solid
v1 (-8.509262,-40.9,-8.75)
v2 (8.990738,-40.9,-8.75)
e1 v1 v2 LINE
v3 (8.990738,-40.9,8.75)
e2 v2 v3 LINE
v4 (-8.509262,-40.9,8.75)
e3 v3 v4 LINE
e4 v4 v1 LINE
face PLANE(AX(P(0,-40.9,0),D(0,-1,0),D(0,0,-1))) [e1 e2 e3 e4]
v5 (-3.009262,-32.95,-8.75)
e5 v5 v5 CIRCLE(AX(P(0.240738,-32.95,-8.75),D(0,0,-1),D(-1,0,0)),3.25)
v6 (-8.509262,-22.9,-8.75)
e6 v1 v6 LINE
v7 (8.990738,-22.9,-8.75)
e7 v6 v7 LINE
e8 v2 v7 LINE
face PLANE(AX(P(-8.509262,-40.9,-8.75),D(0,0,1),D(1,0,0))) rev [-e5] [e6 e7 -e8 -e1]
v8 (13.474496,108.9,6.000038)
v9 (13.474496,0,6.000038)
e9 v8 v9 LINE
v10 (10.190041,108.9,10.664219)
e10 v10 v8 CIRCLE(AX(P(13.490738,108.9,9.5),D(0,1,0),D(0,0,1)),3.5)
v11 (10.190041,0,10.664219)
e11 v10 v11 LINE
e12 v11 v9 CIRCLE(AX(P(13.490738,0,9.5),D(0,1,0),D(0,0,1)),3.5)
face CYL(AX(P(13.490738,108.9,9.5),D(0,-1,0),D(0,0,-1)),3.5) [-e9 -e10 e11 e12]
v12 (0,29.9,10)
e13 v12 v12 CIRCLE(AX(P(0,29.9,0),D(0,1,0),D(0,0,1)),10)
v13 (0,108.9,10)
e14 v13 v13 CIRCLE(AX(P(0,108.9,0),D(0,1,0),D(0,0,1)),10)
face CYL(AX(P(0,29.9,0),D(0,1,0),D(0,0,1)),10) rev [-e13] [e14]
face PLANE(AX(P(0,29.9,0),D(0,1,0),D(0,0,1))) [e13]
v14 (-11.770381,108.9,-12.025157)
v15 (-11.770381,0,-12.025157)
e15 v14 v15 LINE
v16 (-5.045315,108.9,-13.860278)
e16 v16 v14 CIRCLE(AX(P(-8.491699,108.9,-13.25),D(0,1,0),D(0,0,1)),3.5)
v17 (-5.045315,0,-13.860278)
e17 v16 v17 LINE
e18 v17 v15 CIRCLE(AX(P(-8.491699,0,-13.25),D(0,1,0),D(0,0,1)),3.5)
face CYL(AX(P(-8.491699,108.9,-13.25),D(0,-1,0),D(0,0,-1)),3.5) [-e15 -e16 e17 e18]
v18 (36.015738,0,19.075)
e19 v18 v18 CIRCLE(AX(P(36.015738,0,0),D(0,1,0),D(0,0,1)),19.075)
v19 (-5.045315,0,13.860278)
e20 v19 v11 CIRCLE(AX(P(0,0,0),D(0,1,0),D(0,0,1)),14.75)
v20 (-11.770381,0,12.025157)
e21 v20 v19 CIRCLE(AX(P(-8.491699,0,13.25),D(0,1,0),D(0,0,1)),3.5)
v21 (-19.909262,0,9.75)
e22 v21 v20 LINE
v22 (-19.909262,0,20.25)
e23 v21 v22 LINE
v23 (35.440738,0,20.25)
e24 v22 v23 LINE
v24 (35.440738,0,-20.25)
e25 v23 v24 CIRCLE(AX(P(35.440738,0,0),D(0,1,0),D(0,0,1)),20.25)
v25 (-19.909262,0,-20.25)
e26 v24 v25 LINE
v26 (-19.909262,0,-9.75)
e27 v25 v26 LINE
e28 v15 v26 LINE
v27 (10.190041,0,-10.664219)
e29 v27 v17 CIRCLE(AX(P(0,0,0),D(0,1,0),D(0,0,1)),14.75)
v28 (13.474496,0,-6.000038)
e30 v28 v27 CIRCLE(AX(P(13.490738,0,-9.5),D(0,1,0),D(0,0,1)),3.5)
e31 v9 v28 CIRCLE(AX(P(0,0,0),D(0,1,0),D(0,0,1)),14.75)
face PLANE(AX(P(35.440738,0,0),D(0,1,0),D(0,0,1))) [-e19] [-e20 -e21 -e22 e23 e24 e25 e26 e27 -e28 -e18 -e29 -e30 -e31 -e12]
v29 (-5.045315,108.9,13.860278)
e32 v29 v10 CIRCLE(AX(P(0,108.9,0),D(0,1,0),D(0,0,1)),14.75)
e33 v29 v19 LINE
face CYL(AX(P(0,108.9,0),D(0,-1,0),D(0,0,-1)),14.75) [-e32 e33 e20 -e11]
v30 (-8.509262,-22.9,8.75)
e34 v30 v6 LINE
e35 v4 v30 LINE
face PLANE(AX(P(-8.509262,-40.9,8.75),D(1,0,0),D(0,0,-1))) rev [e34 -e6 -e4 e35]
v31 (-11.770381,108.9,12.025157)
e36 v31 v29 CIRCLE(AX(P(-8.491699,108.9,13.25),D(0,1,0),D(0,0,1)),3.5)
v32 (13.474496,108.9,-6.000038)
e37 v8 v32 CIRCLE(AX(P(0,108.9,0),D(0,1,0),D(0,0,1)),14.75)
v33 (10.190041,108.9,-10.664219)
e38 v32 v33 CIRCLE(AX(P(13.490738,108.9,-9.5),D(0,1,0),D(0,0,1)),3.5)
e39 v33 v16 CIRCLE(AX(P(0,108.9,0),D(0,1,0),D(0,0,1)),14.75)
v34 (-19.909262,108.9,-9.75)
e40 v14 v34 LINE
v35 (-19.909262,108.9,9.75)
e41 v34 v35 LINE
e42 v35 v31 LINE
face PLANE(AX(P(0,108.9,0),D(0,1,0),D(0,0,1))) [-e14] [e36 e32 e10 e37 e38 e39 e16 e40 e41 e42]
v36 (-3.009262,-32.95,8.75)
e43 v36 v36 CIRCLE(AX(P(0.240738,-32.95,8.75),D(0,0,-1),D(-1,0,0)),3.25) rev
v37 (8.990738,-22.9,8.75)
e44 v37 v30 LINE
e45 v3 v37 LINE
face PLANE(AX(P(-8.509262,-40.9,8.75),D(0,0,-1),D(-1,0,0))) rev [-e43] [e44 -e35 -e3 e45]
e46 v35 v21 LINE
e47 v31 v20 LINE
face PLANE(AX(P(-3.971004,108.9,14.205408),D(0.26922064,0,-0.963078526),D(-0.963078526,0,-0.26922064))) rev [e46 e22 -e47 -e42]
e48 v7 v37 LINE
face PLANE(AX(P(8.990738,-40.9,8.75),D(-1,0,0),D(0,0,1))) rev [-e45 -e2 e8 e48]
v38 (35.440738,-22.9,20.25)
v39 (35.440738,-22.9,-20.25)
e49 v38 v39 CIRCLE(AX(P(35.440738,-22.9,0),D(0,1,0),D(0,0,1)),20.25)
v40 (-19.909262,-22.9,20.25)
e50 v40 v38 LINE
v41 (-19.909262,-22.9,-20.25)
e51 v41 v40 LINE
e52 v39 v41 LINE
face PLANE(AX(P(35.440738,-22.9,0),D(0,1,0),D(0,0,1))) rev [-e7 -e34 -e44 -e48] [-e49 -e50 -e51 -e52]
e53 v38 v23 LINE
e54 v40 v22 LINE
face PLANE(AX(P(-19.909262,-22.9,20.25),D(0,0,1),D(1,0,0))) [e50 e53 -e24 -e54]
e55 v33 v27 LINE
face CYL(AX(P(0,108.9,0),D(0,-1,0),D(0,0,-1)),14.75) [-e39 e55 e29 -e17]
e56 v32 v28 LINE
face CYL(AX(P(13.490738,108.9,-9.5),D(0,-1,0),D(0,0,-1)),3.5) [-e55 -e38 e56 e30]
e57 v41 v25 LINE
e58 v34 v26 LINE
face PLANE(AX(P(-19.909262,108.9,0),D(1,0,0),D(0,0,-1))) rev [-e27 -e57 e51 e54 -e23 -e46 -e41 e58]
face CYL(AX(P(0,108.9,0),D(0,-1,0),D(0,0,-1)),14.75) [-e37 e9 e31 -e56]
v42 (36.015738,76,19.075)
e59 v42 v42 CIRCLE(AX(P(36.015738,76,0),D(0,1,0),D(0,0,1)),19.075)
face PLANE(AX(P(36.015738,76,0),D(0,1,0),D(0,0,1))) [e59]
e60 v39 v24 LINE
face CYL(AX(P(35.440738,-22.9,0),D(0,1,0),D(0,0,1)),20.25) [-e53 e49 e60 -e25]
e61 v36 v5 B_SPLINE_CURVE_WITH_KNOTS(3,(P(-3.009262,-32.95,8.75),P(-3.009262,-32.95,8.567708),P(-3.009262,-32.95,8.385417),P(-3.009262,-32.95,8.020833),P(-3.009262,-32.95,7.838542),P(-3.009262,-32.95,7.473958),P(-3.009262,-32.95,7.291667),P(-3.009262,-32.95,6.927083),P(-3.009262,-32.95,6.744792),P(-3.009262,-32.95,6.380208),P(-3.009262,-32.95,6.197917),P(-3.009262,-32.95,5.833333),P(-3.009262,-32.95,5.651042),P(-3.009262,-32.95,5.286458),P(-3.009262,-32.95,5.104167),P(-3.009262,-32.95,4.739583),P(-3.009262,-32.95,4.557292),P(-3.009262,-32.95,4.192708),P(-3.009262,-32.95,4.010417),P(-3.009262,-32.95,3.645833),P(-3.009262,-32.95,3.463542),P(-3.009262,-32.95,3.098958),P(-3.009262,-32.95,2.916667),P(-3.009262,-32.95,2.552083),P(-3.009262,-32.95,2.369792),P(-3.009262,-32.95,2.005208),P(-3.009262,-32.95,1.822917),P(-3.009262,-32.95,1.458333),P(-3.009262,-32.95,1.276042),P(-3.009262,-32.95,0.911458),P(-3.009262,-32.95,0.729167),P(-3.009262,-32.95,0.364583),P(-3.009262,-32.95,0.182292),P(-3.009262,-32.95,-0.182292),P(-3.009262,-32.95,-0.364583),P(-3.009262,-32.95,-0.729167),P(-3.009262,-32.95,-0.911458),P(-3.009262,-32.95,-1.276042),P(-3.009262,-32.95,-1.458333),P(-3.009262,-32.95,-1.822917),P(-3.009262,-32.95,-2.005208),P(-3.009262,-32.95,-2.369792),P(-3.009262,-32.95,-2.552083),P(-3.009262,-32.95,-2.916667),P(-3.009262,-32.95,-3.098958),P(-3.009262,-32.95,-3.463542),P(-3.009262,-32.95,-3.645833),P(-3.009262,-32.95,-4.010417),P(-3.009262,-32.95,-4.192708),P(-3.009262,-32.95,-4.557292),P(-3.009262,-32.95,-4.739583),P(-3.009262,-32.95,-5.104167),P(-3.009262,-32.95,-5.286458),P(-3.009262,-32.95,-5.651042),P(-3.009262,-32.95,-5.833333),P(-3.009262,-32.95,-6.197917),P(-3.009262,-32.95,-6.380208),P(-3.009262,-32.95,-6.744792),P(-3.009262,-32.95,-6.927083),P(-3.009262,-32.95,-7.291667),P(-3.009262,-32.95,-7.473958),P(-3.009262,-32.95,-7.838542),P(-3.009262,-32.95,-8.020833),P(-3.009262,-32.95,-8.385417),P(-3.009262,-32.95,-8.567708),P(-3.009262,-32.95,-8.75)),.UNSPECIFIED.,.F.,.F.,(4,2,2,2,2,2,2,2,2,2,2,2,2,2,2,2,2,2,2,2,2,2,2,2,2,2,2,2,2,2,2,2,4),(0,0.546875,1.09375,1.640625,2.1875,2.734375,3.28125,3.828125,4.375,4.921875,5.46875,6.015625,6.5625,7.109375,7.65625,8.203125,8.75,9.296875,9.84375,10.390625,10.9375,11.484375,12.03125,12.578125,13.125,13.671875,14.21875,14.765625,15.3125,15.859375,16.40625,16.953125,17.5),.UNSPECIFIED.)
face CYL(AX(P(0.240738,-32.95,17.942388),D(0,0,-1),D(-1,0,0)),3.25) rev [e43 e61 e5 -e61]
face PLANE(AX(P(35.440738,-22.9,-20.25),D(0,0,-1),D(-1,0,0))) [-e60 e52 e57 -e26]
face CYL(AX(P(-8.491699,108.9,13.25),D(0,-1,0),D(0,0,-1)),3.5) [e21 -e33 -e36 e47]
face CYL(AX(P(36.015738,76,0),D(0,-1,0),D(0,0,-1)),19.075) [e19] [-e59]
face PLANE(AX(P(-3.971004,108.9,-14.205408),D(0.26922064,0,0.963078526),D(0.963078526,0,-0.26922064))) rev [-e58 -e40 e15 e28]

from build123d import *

# Parameters (mm, degrees)
BOSS_EXTRUDE1_DEPTH = 108.9
SKETCH2_R           = 19.075
BOSS_EXTRUDE2_DEPTH = 76
BOSS_EXTRUDE3_DEPTH = 22.9
SKETCH4_W           = 17.5
SKETCH4_H           = 17.5
BOSS_EXTRUDE4_DEPTH = 18
SKETCH5_R           = 3.25
CUT_EXTRUDE1_DEPTH  = 17.5
SKETCH6_R           = 10
CUT_EXTRUDE2_DEPTH  = 79


with BuildPart() as part:
    # Sketch1 → Boss-Extrude1 (new body)
    with BuildSketch(Plane(origin=(0, 0, 0), x_dir=(1, 0, 0), z_dir=(0, 1, 0))):
        with BuildLine():
            ThreePointArc((10.190041387, 10.664218515), (3.028324854, 14.435780151), (-5.045314834, 13.860277711))
            ThreePointArc((-5.045314834, 13.860277711), (-9.413082328, 16.626544393), (-11.770381199, 12.025156963))
            Line((-11.770381199, 12.025156963), (-19.909262437, 9.75))
            Line((-19.909262437, 9.75), (-19.909262437, -9.75))
            Line((-19.909262437, -9.75), (-11.770381199, -12.025156963))
            ThreePointArc((-11.770381199, -12.025156963), (-9.413082328, -16.626544393), (-5.045314834, -13.860277711))
            ThreePointArc((-5.045314834, -13.860277711), (3.028324854, -14.435780151), (10.190041387, -10.664218515))
            ThreePointArc((10.190041387, -10.664218515), (16.352409168, -11.515151515), (13.474496198, -6.000037683))
            ThreePointArc((13.474496198, -6.000037683), (14.75, 0), (13.474496198, 6.000037683))
            ThreePointArc((13.474496198, 6.000037683), (16.352409168, 11.515151515), (10.190041387, 10.664218515))
        make_face()
    extrude(amount=BOSS_EXTRUDE1_DEPTH)



with BuildPart() as body_2:
    # Sketch2 → Boss-Extrude2 (new body)
    with BuildSketch(Plane(origin=(0, 0, 0), x_dir=(1, 0, 0), z_dir=(0, 1, 0))):
        with Locations(Location((36.015737563, 0, 0), (0, 0, 270))):
            Circle(SKETCH2_R)
    extrude(amount=BOSS_EXTRUDE2_DEPTH)


with BuildPart() as part_1:
    add(part.part)

    add(body_2.part)  # Boss-Extrude3 merges body 2
    # Sketch3 → Boss-Extrude3 (add)
    with BuildSketch(Plane(origin=(0, 0, 0), x_dir=(1, 0, 0), z_dir=(0, 1, 0))):
        with BuildLine():
            Line((-19.909262437, 20.25), (-19.909262437, -20.25))
            Line((-19.909262437, -20.25), (35.440737563, -20.25))
            ThreePointArc((35.440737563, -20.25), (55.690737563, 0), (35.440737563, 20.25))
            Line((35.440737563, 20.25), (-19.909262437, 20.25))
        make_face()
    extrude(amount=-BOSS_EXTRUDE3_DEPTH)

    # Sketch4 → Boss-Extrude4 (add)
    with BuildSketch(Plane.XZ.offset(22.9)):
        with Locations((0.240737563, 0)):
            Rectangle(SKETCH4_W, SKETCH4_H)
    extrude(amount=BOSS_EXTRUDE4_DEPTH)

    # Sketch5 → Cut-Extrude1 (cut)
    with BuildSketch(Plane(origin=(0, 0, -8.75), x_dir=(-1, 0, 0), z_dir=(0, 0, -1))):
        with Locations((-0.240737563, -32.95)):
            Circle(SKETCH5_R)
    extrude(amount=-CUT_EXTRUDE1_DEPTH, mode=Mode.SUBTRACT)

    # Sketch6 → Cut-Extrude2 (cut)
    with BuildSketch(Plane(origin=(0, 108.9, 0), x_dir=(1, 0, 0), z_dir=(0, 1, 0))):
        with Locations(Location((0, 0, 0), (0, 0, 270))):
            Circle(SKETCH6_R)
    extrude(amount=-CUT_EXTRUDE2_DEPTH, mode=Mode.SUBTRACT)


solid = part_1.part
